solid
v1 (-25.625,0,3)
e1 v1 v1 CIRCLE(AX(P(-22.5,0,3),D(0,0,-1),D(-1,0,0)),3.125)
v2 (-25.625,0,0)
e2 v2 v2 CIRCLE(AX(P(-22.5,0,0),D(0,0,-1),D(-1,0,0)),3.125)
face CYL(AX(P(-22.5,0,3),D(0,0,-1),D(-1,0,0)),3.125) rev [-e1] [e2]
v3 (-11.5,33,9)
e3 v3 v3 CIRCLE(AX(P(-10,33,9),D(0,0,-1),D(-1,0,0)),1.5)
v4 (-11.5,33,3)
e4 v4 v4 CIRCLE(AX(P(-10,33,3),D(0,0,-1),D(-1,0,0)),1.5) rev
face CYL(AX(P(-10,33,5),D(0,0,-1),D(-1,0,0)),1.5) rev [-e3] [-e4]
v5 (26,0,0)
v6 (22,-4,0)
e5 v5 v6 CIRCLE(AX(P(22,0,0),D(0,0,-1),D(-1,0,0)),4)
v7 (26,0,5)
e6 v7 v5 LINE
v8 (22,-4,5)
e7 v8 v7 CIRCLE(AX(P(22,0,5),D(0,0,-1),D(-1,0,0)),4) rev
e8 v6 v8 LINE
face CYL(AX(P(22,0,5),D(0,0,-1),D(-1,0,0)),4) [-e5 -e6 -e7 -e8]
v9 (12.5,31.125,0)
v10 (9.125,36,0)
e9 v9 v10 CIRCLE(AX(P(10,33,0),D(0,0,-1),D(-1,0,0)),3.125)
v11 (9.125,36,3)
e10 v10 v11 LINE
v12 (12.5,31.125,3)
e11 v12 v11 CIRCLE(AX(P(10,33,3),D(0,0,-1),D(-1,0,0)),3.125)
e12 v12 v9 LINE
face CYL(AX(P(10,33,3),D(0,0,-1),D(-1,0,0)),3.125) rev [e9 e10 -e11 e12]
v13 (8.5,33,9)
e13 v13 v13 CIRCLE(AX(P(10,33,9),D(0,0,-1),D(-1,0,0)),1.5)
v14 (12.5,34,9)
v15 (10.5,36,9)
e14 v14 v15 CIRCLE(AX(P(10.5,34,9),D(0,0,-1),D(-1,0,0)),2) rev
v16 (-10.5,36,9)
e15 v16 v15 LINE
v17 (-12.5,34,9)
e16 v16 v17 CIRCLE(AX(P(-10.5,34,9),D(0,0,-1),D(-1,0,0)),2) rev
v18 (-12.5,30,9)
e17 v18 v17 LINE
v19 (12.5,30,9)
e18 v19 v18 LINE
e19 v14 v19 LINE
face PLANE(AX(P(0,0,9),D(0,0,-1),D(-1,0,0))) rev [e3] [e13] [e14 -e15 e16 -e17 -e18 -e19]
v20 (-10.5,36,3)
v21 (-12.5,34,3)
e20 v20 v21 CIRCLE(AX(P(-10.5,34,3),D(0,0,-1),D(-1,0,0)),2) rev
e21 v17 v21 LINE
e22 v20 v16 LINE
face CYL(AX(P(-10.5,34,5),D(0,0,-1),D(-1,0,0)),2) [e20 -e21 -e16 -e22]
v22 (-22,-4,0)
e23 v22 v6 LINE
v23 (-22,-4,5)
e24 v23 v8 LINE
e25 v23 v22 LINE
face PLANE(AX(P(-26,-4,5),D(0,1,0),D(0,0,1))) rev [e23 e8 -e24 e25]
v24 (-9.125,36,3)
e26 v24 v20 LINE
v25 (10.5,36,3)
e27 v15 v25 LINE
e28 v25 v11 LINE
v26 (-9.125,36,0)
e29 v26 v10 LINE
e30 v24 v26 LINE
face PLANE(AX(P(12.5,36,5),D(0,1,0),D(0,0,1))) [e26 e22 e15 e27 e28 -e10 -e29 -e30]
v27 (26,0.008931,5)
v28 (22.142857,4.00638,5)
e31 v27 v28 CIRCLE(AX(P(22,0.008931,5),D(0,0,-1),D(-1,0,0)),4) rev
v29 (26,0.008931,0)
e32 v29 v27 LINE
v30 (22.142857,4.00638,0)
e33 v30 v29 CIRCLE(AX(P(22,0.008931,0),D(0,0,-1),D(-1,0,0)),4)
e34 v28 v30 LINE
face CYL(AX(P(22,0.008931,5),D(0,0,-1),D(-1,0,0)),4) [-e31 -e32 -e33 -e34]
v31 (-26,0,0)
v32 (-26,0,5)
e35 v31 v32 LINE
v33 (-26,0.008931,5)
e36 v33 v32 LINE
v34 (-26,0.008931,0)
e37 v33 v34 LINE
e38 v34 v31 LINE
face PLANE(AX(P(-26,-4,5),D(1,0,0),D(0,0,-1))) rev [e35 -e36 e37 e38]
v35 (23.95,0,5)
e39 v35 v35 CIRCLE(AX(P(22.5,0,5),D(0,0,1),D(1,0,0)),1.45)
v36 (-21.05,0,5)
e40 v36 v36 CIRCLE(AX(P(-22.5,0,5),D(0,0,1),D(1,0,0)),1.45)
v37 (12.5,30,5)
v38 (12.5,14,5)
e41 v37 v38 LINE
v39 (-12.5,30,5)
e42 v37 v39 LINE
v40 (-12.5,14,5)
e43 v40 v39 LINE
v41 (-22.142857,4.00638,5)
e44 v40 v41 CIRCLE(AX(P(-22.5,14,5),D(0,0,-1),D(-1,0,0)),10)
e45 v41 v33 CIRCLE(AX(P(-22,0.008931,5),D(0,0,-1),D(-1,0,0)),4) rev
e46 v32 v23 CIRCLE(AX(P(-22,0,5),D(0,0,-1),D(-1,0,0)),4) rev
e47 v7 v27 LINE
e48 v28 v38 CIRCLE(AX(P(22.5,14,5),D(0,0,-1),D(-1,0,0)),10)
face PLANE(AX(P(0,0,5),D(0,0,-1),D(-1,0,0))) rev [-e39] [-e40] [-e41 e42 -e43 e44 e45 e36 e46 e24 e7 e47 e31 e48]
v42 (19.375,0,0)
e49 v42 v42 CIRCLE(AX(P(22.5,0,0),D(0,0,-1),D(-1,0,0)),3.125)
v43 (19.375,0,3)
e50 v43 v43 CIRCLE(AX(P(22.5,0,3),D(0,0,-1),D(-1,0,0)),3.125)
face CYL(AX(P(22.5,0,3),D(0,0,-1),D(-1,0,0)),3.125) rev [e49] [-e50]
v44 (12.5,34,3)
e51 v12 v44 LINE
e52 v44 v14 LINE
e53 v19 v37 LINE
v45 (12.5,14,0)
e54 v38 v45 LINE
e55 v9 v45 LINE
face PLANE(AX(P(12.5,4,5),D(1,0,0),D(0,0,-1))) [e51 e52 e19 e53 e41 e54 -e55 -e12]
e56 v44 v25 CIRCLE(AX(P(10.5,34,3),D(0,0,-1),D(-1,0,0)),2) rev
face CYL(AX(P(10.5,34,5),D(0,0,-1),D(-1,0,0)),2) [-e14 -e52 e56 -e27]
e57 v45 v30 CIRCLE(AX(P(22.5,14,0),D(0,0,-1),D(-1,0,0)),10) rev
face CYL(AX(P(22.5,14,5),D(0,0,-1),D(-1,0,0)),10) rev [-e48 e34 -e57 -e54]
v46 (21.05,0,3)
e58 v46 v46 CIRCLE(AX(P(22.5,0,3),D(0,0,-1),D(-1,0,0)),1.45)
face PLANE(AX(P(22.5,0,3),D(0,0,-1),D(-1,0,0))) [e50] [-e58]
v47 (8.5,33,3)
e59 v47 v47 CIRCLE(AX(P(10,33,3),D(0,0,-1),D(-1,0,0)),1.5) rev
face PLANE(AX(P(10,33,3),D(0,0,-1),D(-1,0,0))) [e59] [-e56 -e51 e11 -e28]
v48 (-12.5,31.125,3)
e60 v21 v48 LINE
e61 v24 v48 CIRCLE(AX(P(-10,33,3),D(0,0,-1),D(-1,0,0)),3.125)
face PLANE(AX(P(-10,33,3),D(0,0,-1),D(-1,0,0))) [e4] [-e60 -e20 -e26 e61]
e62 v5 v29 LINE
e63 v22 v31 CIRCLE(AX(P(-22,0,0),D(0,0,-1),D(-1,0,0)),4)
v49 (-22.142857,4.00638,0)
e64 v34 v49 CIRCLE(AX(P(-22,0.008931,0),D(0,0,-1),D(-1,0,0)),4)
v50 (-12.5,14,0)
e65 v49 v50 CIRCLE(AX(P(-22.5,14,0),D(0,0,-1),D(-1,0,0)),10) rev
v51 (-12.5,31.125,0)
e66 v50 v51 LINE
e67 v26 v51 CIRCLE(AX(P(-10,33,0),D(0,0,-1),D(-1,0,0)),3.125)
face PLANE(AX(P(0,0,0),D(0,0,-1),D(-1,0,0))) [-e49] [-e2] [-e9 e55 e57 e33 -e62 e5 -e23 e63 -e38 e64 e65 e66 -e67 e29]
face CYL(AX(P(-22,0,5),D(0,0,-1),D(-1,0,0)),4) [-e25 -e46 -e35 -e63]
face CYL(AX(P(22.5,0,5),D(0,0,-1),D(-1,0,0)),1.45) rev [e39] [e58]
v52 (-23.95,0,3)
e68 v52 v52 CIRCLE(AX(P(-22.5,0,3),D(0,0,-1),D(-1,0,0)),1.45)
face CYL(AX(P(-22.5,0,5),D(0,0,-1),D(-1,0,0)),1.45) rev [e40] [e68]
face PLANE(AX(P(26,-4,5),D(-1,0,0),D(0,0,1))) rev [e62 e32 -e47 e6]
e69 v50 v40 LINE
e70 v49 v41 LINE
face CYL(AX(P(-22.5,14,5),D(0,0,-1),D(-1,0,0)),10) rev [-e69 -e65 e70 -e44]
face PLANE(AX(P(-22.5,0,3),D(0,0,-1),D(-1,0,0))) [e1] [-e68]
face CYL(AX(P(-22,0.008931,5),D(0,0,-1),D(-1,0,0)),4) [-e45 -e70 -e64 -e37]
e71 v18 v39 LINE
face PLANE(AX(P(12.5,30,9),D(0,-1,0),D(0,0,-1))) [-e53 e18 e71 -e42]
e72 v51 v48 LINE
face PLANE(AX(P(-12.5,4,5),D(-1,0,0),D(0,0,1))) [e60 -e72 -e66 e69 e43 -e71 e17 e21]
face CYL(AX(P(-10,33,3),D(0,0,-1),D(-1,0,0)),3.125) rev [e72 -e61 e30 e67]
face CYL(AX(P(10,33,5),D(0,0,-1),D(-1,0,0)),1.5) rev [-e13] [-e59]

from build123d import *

# Parameters (mm, degrees)
SKETCH_1_W          = 52
SKETCH_1_H          = 8
SKETCH_1_R          = 1.45
EXTRUDE_1_DEPTH     = 5
SKETCH_2_W          = 25
SKETCH_2_H          = 32
SKETCH_2_R          = 1.5
EXTRUDE_2_DEPTH     = 5
SKETCH_3_W          = 25
SKETCH_3_H          = 6
SKETCH_3_R          = 1.5
EXTRUDE_3_DEPTH     = 4
FILLET_1_R          = 10
FILLET_2_R          = 4
FILLET_3_R          = 2
SKETCH_4_R          = 3.125
CUT_EXTRUDE_3_DEPTH = 3


with BuildPart() as part:
    # Эскиз1 → Бобышка-Вытянуть1 (new body)
    with BuildSketch(Plane.XY):
        Rectangle(SKETCH_1_W, SKETCH_1_H)
        with Locations((-22.5, 0)):
            Circle(SKETCH_1_R, mode=Mode.SUBTRACT)
        with Locations((22.5, 0)):
            Circle(SKETCH_1_R, mode=Mode.SUBTRACT)
    extrude(amount=EXTRUDE_1_DEPTH)

    # Эскиз2 → Бобышка-Вытянуть2 (add)
    with BuildSketch(Plane(origin=(0, 0, 0), x_dir=(-1, 0, 0), z_dir=(0, 0, -1))):
        with Locations((0, 20)):
            Rectangle(SKETCH_2_W, SKETCH_2_H)
        with Locations((-10, 33)):
            Circle(SKETCH_2_R, mode=Mode.SUBTRACT)
        with Locations((10, 33)):
            Circle(SKETCH_2_R, mode=Mode.SUBTRACT)
    extrude(amount=-EXTRUDE_2_DEPTH)

    # Эскиз3 → Бобышка-Вытянуть3 (add)
    with BuildSketch(Plane(origin=(0, 0, 5), x_dir=(-1, 0, 0), z_dir=(0, 0, -1))):
        with Locations((0, 33)):
            Rectangle(SKETCH_3_W, SKETCH_3_H)
        with Locations((10, 33)):
            Circle(SKETCH_3_R, mode=Mode.SUBTRACT)
        with Locations((-10, 33)):
            Circle(SKETCH_3_R, mode=Mode.SUBTRACT)
    extrude(amount=-EXTRUDE_3_DEPTH)

    # Скругление1
    fillet_1_edges = [part.edges().sort_by_distance(p)[0] for p in [
        (12.5, 4, 2.5),
        (-12.5, 4, 2.5),
    ]]
    fillet(fillet_1_edges, radius=FILLET_1_R)

    # Скругление2
    fillet_2_edges = [part.edges().sort_by_distance(p)[0] for p in [
        (-26, -4, 2.5),
        (-26, 4, 2.5),
        (26, -4, 2.5),
        (26, 4, 2.5),
    ]]
    fillet(fillet_2_edges, radius=FILLET_2_R)

    # Скругление3
    fillet_3_edges = [part.edges().sort_by_distance(p)[0] for p in [
        (12.5, 36, 4.5),
        (-12.5, 36, 4.5),
    ]]
    fillet(fillet_3_edges, radius=FILLET_3_R)

    # Эскиз4 → Вырез-Вытянуть3 (cut)
    with BuildSketch(Plane(origin=(0, 0, 0), x_dir=(-1, 0, 0), z_dir=(0, 0, -1))):
        with Locations((-10, 33)):
            Circle(SKETCH_4_R)
        with Locations((10, 33)):
            Circle(SKETCH_4_R)
        with Locations((-22.5, 0)):
            Circle(SKETCH_4_R)
        with Locations((22.5, 0)):
            Circle(SKETCH_4_R)
    extrude(amount=-CUT_EXTRUDE_3_DEPTH, mode=Mode.SUBTRACT)


solid = part.part
